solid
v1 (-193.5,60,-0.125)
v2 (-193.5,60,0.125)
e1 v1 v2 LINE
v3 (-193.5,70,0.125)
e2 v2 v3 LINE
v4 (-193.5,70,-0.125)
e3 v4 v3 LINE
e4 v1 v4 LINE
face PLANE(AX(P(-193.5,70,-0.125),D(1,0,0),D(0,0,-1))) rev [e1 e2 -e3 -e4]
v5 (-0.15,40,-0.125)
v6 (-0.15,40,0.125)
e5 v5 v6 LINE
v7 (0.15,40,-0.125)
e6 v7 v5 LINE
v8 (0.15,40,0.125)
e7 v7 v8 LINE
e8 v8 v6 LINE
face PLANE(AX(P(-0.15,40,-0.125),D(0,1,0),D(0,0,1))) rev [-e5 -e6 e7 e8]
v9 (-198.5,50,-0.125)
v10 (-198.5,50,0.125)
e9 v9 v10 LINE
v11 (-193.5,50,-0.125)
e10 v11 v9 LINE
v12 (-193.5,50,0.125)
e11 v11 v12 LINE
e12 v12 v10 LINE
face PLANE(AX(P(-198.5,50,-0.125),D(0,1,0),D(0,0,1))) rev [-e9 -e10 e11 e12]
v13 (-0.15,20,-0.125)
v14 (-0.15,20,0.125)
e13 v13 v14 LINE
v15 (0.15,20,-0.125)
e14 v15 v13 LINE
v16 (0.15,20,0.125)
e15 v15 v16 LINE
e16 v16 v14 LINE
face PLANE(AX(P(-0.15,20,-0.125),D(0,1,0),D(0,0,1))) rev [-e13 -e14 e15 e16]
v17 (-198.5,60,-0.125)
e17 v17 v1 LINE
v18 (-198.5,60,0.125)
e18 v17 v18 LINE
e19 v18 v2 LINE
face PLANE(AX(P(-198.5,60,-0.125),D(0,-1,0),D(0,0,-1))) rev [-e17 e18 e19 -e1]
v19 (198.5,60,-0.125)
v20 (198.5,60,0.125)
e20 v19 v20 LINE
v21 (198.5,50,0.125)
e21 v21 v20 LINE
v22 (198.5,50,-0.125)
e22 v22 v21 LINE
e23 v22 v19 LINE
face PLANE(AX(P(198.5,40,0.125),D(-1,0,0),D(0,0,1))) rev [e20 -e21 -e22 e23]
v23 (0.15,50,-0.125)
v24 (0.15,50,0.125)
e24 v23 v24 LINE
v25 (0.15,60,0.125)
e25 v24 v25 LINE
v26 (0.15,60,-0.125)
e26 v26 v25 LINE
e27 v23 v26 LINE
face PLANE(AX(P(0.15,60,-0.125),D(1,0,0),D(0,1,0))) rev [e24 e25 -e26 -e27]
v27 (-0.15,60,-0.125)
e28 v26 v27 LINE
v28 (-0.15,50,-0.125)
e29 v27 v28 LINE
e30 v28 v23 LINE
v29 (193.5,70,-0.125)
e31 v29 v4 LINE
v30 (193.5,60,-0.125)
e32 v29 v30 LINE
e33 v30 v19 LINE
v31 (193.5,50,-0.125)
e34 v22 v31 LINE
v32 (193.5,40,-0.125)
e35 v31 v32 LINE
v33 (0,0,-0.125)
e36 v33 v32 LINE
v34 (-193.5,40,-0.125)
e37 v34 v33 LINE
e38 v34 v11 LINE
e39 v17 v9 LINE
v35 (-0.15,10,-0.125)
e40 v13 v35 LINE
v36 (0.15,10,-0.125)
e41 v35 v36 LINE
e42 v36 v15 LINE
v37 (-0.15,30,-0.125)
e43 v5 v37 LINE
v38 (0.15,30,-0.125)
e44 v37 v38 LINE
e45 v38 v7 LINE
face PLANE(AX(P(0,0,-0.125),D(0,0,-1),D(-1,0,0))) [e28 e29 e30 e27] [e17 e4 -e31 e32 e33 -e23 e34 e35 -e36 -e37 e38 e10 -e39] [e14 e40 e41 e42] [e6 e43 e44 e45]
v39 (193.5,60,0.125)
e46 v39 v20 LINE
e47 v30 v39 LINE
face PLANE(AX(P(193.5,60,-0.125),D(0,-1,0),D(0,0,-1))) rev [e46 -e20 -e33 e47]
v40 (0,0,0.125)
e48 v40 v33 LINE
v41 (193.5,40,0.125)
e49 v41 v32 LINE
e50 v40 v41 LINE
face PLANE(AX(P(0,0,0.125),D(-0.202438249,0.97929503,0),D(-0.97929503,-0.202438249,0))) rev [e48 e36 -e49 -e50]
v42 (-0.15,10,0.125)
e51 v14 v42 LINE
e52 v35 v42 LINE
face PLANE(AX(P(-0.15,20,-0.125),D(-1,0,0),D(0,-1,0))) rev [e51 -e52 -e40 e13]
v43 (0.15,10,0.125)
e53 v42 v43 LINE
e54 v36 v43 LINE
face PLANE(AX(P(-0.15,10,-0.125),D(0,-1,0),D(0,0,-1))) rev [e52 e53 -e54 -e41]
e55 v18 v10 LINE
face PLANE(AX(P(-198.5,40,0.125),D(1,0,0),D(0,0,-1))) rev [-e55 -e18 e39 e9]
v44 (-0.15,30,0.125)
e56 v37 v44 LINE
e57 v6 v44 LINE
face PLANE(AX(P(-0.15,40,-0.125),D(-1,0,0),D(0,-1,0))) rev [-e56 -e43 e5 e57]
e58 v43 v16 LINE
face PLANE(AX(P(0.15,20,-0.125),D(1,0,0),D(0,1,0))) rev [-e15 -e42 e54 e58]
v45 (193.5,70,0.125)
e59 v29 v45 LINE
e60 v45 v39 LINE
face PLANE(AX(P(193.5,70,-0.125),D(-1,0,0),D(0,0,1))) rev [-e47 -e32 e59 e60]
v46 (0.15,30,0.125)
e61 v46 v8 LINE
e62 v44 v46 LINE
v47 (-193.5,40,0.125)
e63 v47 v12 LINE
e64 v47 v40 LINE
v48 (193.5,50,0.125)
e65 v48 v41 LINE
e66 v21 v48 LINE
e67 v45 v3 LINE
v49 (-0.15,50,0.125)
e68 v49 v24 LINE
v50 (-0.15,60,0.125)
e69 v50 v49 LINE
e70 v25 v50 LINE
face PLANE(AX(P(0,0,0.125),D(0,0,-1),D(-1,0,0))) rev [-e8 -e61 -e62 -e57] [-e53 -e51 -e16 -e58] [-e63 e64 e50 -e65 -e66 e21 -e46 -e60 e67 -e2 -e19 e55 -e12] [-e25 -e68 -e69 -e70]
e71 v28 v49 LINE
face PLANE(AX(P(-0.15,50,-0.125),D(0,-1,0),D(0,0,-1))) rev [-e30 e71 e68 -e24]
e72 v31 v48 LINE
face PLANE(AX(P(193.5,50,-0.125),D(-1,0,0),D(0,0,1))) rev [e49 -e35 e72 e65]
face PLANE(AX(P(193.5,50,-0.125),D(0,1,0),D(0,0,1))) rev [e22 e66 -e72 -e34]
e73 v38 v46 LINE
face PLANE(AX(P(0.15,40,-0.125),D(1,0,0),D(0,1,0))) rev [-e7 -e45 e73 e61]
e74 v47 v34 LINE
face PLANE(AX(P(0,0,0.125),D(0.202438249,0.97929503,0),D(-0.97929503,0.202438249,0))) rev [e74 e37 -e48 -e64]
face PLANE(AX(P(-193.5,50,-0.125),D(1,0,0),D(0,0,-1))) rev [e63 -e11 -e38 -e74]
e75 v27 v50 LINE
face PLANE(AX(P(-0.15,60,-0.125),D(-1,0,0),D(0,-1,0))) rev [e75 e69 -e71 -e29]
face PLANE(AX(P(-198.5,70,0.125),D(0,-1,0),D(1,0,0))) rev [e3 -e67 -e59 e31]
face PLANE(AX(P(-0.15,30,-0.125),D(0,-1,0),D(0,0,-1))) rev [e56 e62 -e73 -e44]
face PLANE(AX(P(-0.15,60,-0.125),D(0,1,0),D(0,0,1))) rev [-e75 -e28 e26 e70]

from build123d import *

# Parameters (mm, degrees)
BOSS_EXTRUDE1_DEPTH  = 0.125
SKETCH2_W            = 0.3
SKETCH2_H            = 10
CUT_EXTRUDE1_DEPTH   = 211.481145236
LPATTERN1_COUNT      = 3
LPATTERN1_PITCH      = 20
SKETCH3_W            = 5
SKETCH3_H            = 10
CUT_EXTRUDE2_DEPTH   = 211.481145236
LPATTERN2_COUNT      = 3
LPATTERN2_PITCH      = 20
LPATTERN2_COUNT_DIR2 = 2
LPATTERN2_PITCH_DIR2 = 392


with BuildPart() as part:
    # Sketch1 → Boss-Extrude1 (new, symmetric)
    with BuildSketch(Plane.XY):
        Polygon((0, 0), (193.5, 40), (198.5, 40), (198.5, 70), (193.5, 70), (-193.5, 70), (-198.5, 70), (-198.5, 40), (-193.5, 40), align=None)
    extrude(amount=BOSS_EXTRUDE1_DEPTH, both=True)

    # Sketch2 → Cut-Extrude1 (cut, through all)
    with BuildSketch(Plane.XY.offset(0.125)):
        with Locations((0, 55)):
            Rectangle(SKETCH2_W, SKETCH2_H)
    cut_extrude1 = extrude(amount=-CUT_EXTRUDE1_DEPTH, mode=Mode.SUBTRACT)

    # LPattern1: Cut-Extrude1 ×3
    with Locations(*[(0, -i * LPATTERN1_PITCH, 0) for i in range(1, LPATTERN1_COUNT)]):
        add(cut_extrude1, mode=Mode.SUBTRACT)

    # Sketch3 → Cut-Extrude2 (cut, through all)
    with BuildSketch(Plane.XY.offset(0.125)):
        with Locations((-196, 65)):
            Rectangle(SKETCH3_W, SKETCH3_H)
    cut_extrude2 = extrude(amount=-CUT_EXTRUDE2_DEPTH, mode=Mode.SUBTRACT)

    # LPattern2: Cut-Extrude2 3 × 2
    with Locations(*[(j * LPATTERN2_PITCH_DIR2, -i * LPATTERN2_PITCH, 0) for i in range(LPATTERN2_COUNT) for j in range(LPATTERN2_COUNT_DIR2) if (i, j) != (0, 0)]):
        add(cut_extrude2, mode=Mode.SUBTRACT)


solid = part.part
